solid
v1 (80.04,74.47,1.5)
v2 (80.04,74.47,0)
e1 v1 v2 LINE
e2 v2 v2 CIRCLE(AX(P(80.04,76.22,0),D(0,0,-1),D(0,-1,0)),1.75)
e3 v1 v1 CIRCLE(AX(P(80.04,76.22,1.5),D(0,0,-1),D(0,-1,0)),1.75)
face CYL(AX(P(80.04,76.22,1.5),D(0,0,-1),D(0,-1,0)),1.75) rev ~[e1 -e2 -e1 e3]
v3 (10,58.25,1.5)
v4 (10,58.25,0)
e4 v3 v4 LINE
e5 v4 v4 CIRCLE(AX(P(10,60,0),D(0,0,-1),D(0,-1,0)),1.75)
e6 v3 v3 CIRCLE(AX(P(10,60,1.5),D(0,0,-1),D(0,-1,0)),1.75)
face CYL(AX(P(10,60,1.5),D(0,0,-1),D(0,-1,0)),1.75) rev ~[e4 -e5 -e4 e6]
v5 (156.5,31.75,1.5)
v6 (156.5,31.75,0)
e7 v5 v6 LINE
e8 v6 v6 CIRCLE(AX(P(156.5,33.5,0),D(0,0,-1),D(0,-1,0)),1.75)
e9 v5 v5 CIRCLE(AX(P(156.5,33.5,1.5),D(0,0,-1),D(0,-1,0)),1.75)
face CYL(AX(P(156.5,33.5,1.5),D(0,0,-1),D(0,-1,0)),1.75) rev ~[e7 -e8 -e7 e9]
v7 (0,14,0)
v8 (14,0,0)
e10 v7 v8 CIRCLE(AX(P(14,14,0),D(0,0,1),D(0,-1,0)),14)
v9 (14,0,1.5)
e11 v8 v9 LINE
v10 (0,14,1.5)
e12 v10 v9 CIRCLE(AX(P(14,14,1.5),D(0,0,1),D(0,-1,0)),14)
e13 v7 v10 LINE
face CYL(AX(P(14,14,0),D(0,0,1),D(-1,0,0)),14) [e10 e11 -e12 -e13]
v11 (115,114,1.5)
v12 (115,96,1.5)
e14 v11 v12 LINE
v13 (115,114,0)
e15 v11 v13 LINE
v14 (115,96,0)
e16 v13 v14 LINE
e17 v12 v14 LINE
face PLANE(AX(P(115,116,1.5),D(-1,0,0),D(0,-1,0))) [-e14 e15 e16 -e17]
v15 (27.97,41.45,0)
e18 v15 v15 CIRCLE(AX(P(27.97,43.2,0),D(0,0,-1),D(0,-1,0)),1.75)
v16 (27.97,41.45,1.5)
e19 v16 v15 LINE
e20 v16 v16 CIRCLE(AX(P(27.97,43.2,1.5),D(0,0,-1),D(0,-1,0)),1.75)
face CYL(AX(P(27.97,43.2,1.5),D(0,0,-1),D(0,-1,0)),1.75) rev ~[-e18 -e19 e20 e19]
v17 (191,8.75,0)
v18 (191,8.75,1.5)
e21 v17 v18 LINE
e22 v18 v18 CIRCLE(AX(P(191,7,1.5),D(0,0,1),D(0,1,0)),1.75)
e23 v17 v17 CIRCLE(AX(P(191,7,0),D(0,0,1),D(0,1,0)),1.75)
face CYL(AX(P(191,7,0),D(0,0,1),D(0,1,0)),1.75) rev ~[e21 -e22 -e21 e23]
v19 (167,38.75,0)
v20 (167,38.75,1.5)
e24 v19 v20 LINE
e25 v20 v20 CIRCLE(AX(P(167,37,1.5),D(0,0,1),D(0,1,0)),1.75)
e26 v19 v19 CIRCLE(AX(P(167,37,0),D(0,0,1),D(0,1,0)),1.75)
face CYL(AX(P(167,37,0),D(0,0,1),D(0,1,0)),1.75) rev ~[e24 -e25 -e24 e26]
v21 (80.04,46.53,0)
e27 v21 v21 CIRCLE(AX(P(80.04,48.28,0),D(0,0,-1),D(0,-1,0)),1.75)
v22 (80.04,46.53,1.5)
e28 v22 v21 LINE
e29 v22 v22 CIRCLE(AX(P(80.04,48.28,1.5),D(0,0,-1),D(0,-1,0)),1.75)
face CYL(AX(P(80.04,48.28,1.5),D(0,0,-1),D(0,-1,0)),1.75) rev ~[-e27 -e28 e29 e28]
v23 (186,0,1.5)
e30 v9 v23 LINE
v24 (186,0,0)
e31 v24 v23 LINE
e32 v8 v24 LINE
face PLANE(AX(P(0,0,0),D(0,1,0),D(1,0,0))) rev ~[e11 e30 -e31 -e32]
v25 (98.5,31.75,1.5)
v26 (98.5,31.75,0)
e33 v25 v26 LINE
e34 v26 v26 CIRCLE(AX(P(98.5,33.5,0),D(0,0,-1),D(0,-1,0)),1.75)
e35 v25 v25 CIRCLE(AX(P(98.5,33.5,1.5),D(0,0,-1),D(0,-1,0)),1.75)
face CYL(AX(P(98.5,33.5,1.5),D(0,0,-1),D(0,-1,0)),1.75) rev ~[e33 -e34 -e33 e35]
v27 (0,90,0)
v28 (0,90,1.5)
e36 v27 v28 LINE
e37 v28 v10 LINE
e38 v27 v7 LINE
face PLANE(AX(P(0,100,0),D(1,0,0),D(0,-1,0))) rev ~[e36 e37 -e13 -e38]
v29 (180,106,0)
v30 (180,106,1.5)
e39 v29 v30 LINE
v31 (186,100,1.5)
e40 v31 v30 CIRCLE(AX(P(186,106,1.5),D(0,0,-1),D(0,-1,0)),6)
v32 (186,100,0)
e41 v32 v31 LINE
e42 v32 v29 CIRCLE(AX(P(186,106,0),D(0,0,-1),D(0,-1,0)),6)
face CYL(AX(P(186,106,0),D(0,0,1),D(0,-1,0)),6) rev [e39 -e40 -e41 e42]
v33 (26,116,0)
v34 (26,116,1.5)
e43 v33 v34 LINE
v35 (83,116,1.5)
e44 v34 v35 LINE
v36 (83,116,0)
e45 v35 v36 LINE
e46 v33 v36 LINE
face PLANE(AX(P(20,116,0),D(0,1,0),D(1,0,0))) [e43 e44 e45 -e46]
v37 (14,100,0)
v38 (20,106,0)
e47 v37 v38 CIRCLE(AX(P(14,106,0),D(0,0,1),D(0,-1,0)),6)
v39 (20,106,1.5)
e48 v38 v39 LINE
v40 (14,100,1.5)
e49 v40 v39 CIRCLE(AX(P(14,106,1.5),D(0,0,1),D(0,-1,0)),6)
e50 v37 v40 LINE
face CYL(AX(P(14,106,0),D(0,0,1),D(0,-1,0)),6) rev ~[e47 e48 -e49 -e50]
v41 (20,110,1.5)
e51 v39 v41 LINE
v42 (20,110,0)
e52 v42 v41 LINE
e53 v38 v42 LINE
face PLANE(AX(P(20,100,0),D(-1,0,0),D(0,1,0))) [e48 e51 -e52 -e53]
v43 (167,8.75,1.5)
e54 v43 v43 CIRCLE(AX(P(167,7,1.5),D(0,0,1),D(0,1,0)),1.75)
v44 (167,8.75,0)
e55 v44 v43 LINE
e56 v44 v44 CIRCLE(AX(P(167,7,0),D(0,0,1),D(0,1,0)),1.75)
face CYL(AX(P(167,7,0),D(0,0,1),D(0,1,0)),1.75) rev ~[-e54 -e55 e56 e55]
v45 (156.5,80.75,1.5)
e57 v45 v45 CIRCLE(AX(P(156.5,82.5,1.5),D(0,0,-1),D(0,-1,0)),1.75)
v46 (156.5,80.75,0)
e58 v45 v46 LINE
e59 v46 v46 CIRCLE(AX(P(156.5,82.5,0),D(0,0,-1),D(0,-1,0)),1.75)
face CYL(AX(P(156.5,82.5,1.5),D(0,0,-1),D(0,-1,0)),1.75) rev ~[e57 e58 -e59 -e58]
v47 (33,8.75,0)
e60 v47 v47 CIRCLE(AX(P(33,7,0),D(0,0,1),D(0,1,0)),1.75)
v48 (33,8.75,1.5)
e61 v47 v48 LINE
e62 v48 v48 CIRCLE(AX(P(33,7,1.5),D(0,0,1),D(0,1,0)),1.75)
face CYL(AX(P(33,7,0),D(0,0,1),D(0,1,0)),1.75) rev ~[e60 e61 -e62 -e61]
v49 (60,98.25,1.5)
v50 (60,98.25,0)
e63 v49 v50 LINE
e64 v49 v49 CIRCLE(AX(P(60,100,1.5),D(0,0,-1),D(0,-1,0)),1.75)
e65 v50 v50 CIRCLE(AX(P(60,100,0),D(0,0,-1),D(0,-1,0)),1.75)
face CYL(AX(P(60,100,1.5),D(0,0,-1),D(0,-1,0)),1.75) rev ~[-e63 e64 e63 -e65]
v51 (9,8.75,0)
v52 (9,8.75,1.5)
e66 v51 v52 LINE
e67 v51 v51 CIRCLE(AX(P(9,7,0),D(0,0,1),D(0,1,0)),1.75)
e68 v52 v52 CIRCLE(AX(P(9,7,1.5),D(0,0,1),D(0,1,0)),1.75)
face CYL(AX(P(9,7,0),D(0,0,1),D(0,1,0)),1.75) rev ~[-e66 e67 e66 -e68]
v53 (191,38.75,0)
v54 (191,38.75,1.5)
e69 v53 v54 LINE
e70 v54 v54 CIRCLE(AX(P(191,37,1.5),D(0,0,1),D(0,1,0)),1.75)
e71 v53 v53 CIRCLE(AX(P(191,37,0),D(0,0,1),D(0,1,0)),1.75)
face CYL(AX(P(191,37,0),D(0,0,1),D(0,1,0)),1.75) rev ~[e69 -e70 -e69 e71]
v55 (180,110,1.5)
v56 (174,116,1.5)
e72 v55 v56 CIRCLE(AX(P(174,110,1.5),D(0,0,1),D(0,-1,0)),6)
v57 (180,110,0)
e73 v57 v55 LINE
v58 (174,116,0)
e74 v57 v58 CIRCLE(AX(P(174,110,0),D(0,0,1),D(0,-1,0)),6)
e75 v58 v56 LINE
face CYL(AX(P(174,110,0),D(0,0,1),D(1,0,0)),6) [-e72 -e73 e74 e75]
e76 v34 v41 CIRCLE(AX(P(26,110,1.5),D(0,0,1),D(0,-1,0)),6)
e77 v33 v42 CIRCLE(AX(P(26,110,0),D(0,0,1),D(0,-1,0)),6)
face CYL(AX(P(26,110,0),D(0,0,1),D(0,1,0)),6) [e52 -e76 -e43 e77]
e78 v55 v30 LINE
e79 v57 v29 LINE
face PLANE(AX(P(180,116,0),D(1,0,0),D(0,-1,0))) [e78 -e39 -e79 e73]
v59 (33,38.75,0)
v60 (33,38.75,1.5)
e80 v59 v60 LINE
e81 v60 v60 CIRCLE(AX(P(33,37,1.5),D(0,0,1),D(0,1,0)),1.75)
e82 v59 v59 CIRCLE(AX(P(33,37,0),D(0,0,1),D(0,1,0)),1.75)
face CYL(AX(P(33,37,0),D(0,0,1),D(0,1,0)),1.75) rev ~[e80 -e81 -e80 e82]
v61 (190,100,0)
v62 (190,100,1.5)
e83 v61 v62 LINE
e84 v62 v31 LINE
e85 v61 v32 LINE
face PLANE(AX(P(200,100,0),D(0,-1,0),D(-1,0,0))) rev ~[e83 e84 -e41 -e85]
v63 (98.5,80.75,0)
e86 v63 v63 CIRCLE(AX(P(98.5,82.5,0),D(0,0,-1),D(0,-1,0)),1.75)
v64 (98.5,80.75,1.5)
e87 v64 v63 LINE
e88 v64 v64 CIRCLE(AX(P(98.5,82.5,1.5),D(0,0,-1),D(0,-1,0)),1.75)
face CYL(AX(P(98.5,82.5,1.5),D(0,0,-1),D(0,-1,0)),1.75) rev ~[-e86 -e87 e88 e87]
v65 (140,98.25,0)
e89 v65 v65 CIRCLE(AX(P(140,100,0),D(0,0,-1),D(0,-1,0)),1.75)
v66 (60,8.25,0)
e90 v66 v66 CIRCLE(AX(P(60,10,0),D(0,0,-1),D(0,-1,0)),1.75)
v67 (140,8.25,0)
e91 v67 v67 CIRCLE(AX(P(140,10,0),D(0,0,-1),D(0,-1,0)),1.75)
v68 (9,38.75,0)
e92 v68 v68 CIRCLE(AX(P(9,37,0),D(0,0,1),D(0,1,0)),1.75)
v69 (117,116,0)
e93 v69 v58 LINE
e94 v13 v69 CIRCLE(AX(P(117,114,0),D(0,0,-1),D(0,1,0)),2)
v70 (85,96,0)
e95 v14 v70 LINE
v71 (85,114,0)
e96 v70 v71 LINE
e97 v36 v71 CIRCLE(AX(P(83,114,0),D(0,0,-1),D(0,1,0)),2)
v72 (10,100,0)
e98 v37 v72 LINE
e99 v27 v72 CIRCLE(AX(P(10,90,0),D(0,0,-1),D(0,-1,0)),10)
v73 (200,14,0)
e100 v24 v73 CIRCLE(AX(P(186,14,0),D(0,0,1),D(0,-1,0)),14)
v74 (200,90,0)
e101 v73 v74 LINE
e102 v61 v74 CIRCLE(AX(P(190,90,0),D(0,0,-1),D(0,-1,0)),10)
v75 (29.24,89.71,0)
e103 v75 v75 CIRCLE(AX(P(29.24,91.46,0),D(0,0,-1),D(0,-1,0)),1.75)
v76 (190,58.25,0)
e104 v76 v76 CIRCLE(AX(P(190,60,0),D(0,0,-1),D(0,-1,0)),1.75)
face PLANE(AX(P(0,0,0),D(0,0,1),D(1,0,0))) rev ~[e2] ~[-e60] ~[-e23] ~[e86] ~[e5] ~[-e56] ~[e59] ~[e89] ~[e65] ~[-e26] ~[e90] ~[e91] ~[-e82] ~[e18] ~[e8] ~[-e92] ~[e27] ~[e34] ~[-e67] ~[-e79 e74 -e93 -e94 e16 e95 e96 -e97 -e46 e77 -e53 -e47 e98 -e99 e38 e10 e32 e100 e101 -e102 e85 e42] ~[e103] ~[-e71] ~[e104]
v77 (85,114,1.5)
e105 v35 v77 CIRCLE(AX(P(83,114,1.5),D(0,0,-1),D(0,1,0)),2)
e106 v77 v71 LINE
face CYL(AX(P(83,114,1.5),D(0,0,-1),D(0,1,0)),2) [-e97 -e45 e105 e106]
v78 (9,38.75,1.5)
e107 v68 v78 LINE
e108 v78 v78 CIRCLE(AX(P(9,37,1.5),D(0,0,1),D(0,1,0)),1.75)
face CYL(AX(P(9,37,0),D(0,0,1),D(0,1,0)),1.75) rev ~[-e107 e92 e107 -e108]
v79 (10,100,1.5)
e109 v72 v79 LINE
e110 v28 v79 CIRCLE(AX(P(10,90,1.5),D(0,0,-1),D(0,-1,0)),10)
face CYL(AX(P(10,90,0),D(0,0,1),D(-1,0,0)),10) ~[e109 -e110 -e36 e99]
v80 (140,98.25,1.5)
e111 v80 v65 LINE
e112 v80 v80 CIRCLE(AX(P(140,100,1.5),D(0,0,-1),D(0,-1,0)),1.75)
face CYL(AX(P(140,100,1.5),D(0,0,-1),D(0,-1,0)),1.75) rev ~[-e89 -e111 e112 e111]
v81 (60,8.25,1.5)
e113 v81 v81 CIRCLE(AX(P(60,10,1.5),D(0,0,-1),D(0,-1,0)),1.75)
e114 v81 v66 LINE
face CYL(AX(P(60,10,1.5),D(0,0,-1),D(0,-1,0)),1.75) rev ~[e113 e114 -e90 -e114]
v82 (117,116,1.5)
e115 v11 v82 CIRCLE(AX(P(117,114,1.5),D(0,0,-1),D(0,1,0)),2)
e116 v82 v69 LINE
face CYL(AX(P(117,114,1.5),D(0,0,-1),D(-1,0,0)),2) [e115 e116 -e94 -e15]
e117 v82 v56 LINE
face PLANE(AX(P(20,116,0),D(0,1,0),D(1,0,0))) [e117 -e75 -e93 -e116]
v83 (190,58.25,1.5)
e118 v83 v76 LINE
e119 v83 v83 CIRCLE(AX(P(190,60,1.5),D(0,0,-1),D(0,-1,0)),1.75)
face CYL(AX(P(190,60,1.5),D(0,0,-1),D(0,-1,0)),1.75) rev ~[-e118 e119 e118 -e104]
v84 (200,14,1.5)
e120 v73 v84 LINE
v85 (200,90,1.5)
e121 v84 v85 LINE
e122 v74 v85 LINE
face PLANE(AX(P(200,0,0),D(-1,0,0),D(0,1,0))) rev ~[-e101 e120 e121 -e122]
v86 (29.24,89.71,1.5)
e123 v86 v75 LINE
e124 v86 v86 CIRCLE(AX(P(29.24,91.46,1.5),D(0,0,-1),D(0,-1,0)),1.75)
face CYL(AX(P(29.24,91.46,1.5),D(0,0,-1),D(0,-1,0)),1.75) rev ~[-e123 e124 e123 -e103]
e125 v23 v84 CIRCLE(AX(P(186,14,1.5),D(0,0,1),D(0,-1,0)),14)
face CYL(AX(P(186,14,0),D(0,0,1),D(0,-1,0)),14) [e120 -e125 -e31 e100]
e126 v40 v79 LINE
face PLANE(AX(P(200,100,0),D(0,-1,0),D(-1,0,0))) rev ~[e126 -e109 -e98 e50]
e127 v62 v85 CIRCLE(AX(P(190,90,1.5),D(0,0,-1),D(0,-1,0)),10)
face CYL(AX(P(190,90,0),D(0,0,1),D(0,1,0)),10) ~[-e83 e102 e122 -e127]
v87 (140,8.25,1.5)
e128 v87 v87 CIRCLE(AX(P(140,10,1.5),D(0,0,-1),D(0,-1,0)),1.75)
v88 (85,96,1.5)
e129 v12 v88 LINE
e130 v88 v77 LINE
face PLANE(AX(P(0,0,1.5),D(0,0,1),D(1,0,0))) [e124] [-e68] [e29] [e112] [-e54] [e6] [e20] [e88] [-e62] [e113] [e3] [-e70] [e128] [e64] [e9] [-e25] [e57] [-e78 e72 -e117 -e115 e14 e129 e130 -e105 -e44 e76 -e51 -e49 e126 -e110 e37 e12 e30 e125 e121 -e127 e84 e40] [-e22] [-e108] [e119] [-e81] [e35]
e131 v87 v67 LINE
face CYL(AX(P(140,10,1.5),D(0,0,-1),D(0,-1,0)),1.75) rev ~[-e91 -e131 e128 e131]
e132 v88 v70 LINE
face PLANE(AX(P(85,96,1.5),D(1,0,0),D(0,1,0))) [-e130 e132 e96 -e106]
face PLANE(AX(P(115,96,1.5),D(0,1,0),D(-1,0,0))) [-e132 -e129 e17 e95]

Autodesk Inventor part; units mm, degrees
ref_plane "YZ Plane" through (0, 0, 0) normal (1, 0, 0) x (0, 1, 0)
ref_plane "XZ Plane" through (0, 0, 0) normal (0, 1, 0) x (-1, 0, 0)
ref_plane "XY Plane" through (0, 0, 0) normal (0, 0, 1) x (1, 0, 0)
sketch "スケッチ1" plane through (0, 0, 0) normal (0, 0, 1) x (1, 0, 0)
  line L0 (0, 0) -> (200, 0)
  line L1 (200, 0) -> (200, 100)
  line L2 (200, 100) -> (0, 100)
  line L3 (0, 100) -> (0, 0)
  dimension "d2" = 200
  dimension "d3" = 100
extrude "押し出し1" add sketch "スケッチ1" along normal blind 1.5
fillet "フィレット1" radius 10 2 edges at (0, 100, 0.75) (200, 100, 0.75)
fillet "フィレット2" radius 14 2 edges at (200, 0, 0.75) (0, 0, 0.75)
sketch "スケッチ2" plane through (0, 0, 0) normal (0, 0, -1) x (-1, 0, 0)
  line L0 (-190, 100) -> (-10, 100) projected
  line L1 (-180, 100) -> (-20, 100)
  line L2 (-20, 100) -> (-20, 116)
  line L3 (-20, 116) -> (-180, 116)
  line L4 (-180, 116) -> (-180, 100)
  line L5 (0, 90) -> (0, 14) projected
  line L6 (-200, 14) -> (-200, 90) projected
  point P0 (0, 0)
  dimension "d6" = 20
  dimension "d7" = 20
  dimension "d8" = 16
extrude "押し出し2" add sketch "スケッチ2" against normal blind 1.5
fillet "フィレット3" radius 6 4 edges at (20, 100, 0.75) (20, 116, 0.75) (180, 116, 0.75) (180, 100, 0.75)
sketch "スケッチ3" plane through (0, 0, 0) normal (0, 0, -1) x (-1, 0, 0)
  line L0 (-14, 0) -> (-186, 0) projected
  line L1 (-200, 14) -> (-200, 90) projected
  line L2 (0, 90) -> (0, 14) projected
  point P0 (0, 0)
  point P1 (-167, 7)
  point P2 (-167, 37)
  point P3 (-191, 37)
  point P4 (-191, 7)
  point P5 (-9, 7)
  point P6 (-33, 7)
  point P7 (-9, 37)
  point P8 (-33, 37)
  dimension "d12" = 7
  dimension "d13" = 7
  dimension "d14" = 9
  dimension "d15" = 9
  dimension "d16" = 30
  dimension "d17" = 24
  dimension "d18" = 24
  dimension "d19" = 30
  dimension "d27" = 7
  dimension "d28" = 9
  dimension "d31" = 24
  dimension "d34" = 30
hole "穴1" at (167, 7, 0) at (167, 37, 0) at (191, 37, 0) at (191, 7, 0) at (9, 7, 0) at (9, 37, 0) at (33, 37, 0) at (33, 7, 0) direction (0, 0, 1) diameter 3.5 end through all
sketch "スケッチ4" plane through (0, 0, 1.5) normal (0, 0, 1) x (1, 0, 0)
  line L0 (174, 116) -> (26, 116) projected
  line L1 (85, 116) -> (115, 116)
  line L2 (115, 116) -> (115, 96)
  line L3 (115, 96) -> (85, 96)
  line L4 (85, 96) -> (85, 116)
  line L5 (100, 116) -> (100, 0)
  line L6 (14, 0) -> (186, 0) projected
  point P0 (0, 0)
  dimension "d37" = 30
  dimension "d38" = 20
extrude "押し出し3" cut sketch "スケッチ4" against normal through all
fillet "フィレット4" radius 2 2 edges at (85, 116, 0.75) (115, 116, 0.75)
sketch "スケッチ5" plane through (0, 0, 1.5) normal (0, 0, 1) x (1, 0, 0)
  circle A0 centre (10, 60) radius 1.5 projected
  circle A1 centre (60, 100) radius 1.5 projected
  circle A2 centre (60, 10) radius 1.5 projected
  circle A3 centre (140, 10) radius 1.5 projected
  circle A4 centre (190, 60) radius 1.5 projected
  circle A5 centre (140, 100) radius 1.5 projected
  point P0 (0, 0)
hole "穴2" at (60, 10, 1.5) at (10, 60, 1.5) at (60, 100, 1.5) at (140, 100, 1.5) at (190, 60, 1.5) at (140, 10, 1.5) direction (0, 0, -1) diameter 3.5 end through all
sketch "スケッチ6" plane through (0, 0, 1.5) normal (0, 0, 1) x (1, 0, 0)
  line L0 (14, 40.66) -> (80.04, 40.66) projected
  line L1 (14, 94) -> (14, 40.66) projected
  line L2 (80.04, 94) -> (14, 94) projected
  line L3 (80.04, 81.046) -> (80.04, 94) projected
  line L4 (82.58, 78.506) -> (80.04, 81.046) projected
  line L5 (82.58, 45.74) -> (82.58, 78.506) projected
  line L6 (80.04, 43.2) -> (82.58, 45.74) projected
  line L7 (80.04, 40.66) -> (80.04, 43.2) projected
  circle A0 centre (47.02, 43.2) radius 0.4 projected
  circle A1 centre (49.56, 43.2) radius 0.4 projected
  circle A2 centre (52.1, 43.2) radius 0.4 projected
  circle A3 centre (54.64, 43.2) radius 0.4 projected
  circle A4 centre (57.18, 43.2) radius 0.4 projected
  circle A5 centre (59.72, 43.2) radius 0.4 projected
  circle A6 centre (64.8, 43.2) radius 0.4 projected
  circle A7 centre (67.34, 43.2) radius 0.4 projected
  circle A8 centre (69.88, 43.2) radius 0.4 projected
  circle A9 centre (72.42, 43.2) radius 0.4 projected
  circle A10 centre (74.96, 43.2) radius 0.4 projected
  circle A11 centre (77.5, 43.2) radius 0.4 projected
  circle A12 centre (37.876, 91.46) radius 0.4 projected
  circle A13 centre (40.416, 91.46) radius 0.4 projected
  circle A14 centre (42.956, 91.46) radius 0.4 projected
  circle A15 centre (45.496, 91.46) radius 0.4 projected
  circle A16 centre (48.036, 91.46) radius 0.4 projected
  circle A17 centre (50.576, 91.46) radius 0.4 projected
  circle A18 centre (53.116, 91.46) radius 0.4 projected
  circle A19 centre (55.656, 91.46) radius 0.4 projected
  circle A20 centre (64.8, 91.46) radius 0.4 projected
  circle A21 centre (67.34, 91.46) radius 0.4 projected
  circle A22 centre (69.88, 91.46) radius 0.4 projected
  circle A23 centre (72.42, 91.46) radius 0.4 projected
  circle A24 centre (74.96, 91.46) radius 0.4 projected
  circle A25 centre (77.5, 91.46) radius 0.4 projected
  circle A26 centre (76.865, 53.233) radius 0.4 projected
  circle A27 centre (76.865, 60.853) radius 0.4 projected
  circle A28 centre (74.325, 53.233) radius 0.4 projected
  circle A29 centre (74.325, 60.853) radius 0.4 projected
  circle A30 centre (71.785, 53.233) radius 0.4 projected
  circle A31 centre (71.785, 60.853) radius 0.4 projected
  circle A32 centre (69.245, 53.233) radius 0.4 projected
  circle A33 centre (69.245, 60.853) radius 0.4 projected
  circle A34 centre (66.705, 53.233) radius 0.4 projected
  circle A35 centre (66.705, 60.853) radius 0.4 projected
  circle A36 centre (64.165, 53.233) radius 0.4 projected
  circle A37 centre (64.165, 60.853) radius 0.4 projected
  circle A38 centre (61.625, 53.233) radius 0.4 projected
  circle A39 centre (61.625, 60.853) radius 0.4 projected
  circle A40 centre (59.085, 53.233) radius 0.4 projected
  circle A41 centre (59.085, 60.853) radius 0.4 projected
  circle A42 centre (56.545, 53.233) radius 0.4 projected
  circle A43 centre (56.545, 60.853) radius 0.4 projected
  circle A44 centre (54.005, 53.233) radius 0.4 projected
  circle A45 centre (54.005, 60.853) radius 0.4 projected
  circle A46 centre (51.465, 53.233) radius 0.4 projected
  circle A47 centre (51.465, 60.853) radius 0.4 projected
  circle A48 centre (48.925, 53.233) radius 0.4 projected
  circle A49 centre (48.925, 60.853) radius 0.4 projected
  circle A50 centre (46.385, 53.233) radius 0.4 projected
  circle A51 centre (46.385, 60.853) radius 0.4 projected
  circle A52 centre (43.845, 53.233) radius 0.4 projected
  circle A53 centre (43.845, 60.853) radius 0.4 projected
  circle A54 centre (30.383, 66.822) radius 0.5 projected
  circle A55 centre (35.463, 66.822) radius 0.5 projected
  circle A56 centre (32.288, 80.538) radius 0.4 projected
  circle A57 centre (34.828, 80.538) radius 0.4 projected
  circle A58 centre (34.828, 83.078) radius 0.4 projected
  circle A59 centre (32.288, 83.078) radius 0.4 projected
  circle A60 centre (29.748, 85.618) radius 0.4 projected
  circle A61 centre (32.288, 85.618) radius 0.4 projected
  circle A62 centre (34.828, 85.618) radius 0.4 projected
  circle A63 centre (34.828, 88.158) radius 0.4 projected
  circle A64 centre (32.288, 88.158) radius 0.4 projected
  circle A65 centre (29.748, 88.158) radius 0.4 projected
  circle A66 centre (77.64, 71.09) radius 0.4 projected
  circle A67 centre (77.64, 68.55) radius 0.4 projected
  circle A68 centre (77.64, 66.01) radius 0.4 projected
  circle A69 centre (80.18, 66.01) radius 0.4 projected
  circle A70 centre (80.18, 68.55) radius 0.4 projected
  circle A71 centre (80.18, 71.09) radius 0.4 projected
  circle A72 centre (62.26, 91.46) radius 0.4 projected
  circle A73 centre (35.336, 91.46) radius 0.4 projected
  circle A74 centre (59.72, 91.46) radius 0.4 projected
  circle A75 centre (44.48, 43.2) radius 0.4 projected
  circle A76 centre (32.796, 91.46) radius 0.4 projected
  circle A77 centre (41.94, 43.2) radius 0.4 projected
  circle A78 centre (29.24, 91.46) radius 1.5875 projected
  circle A79 centre (27.97, 43.2) radius 1.5875 projected
  circle A80 centre (80.04, 76.22) radius 1.5875 projected
  circle A81 centre (80.04, 48.28) radius 1.5875 projected
  point P0 (0, 0)
hole "穴3" at (29.24, 91.46, 1.5) at (27.97, 43.2, 1.5) at (80.04, 48.28, 1.5) at (80.04, 76.22, 1.5) direction (0, 0, -1) diameter 3.5 end through all
sketch "スケッチ7" plane through (0, 0, 1.5) normal (0, 0, 1) x (1, 0, 0)
  line L0 (177, 86) -> (98, 86) projected
  arc A0 (180, 83) -> (177, 86) centre (177, 83) ccw projected
  line L1 (180, 33) -> (180, 83) projected
  arc A1 (177, 30) -> (180, 33) centre (177, 33) ccw projected
  line L2 (98, 30) -> (177, 30) projected
  arc A2 (95, 33) -> (98, 30) centre (98, 33) ccw projected
  line L3 (95, 83) -> (95, 33) projected
  arc A3 (98, 86) -> (95, 83) centre (98, 83) ccw projected
  circle A4 centre (98.5, 33.5) radius 3 projected
  circle A5 centre (156.5, 33.5) radius 3 projected
  circle A6 centre (157.77, 75.09) radius 0.5 projected
  circle A7 centre (155.23, 75.09) radius 0.5 projected
  circle A8 centre (108.45, 83.77) radius 0.5 projected
  circle A9 centre (110.99, 83.77) radius 0.5 projected
  circle A10 centre (113.53, 83.77) radius 0.5 projected
  circle A11 centre (116.07, 83.77) radius 0.5 projected
  circle A12 centre (118.61, 83.77) radius 0.5 projected
  circle A13 centre (121.15, 83.77) radius 0.5 projected
  circle A14 centre (123.69, 83.77) radius 0.5 projected
  circle A15 centre (126.23, 83.77) radius 0.5 projected
  circle A16 centre (128.77, 83.77) radius 0.5 projected
  circle A17 centre (131.31, 83.77) radius 0.5 projected
  circle A18 centre (133.85, 83.77) radius 0.5 projected
  circle A19 centre (136.39, 83.77) radius 0.5 projected
  circle A20 centre (138.93, 83.77) radius 0.5 projected
  circle A21 centre (141.47, 83.77) radius 0.5 projected
  circle A22 centre (144.01, 83.77) radius 0.5 projected
  circle A23 centre (146.55, 83.77) radius 0.5 projected
  circle A24 centre (149.09, 83.77) radius 0.5 projected
  circle A25 centre (151.63, 83.77) radius 0.5 projected
  circle A26 centre (103.37, 81.23) radius 0.5 projected
  circle A27 centre (105.91, 81.23) radius 0.5 projected
  circle A28 centre (108.45, 81.23) radius 0.5 projected
  circle A29 centre (110.99, 81.23) radius 0.5 projected
  circle A30 centre (113.53, 81.23) radius 0.5 projected
  circle A31 centre (116.07, 81.23) radius 0.5 projected
  circle A32 centre (118.61, 81.23) radius 0.5 projected
  circle A33 centre (121.15, 81.23) radius 0.5 projected
  circle A34 centre (123.69, 81.23) radius 0.5 projected
  circle A35 centre (126.23, 81.23) radius 0.5 projected
  circle A36 centre (128.77, 81.23) radius 0.5 projected
  circle A37 centre (131.31, 81.23) radius 0.5 projected
  circle A38 centre (133.85, 81.23) radius 0.5 projected
  circle A39 centre (136.39, 81.23) radius 0.5 projected
  circle A40 centre (138.93, 81.23) radius 0.5 projected
  circle A41 centre (141.47, 81.23) radius 0.5 projected
  circle A42 centre (144.01, 81.23) radius 0.5 projected
  circle A43 centre (146.55, 81.23) radius 0.5 projected
  circle A44 centre (149.09, 81.23) radius 0.5 projected
  circle A45 centre (151.63, 81.23) radius 0.5 projected
  circle A46 centre (109.5, 50.5) radius 0.5 projected
  circle A47 centre (104.5, 50.5) radius 0.5 projected
  circle A48 centre (107, 50.5) radius 0.5 projected
  circle A49 centre (105.91, 83.77) radius 0.5 projected
  circle A50 centre (103.37, 83.77) radius 0.5 projected
  circle A51 centre (155.23, 77.63) radius 0.5 projected
  circle A52 centre (157.77, 77.63) radius 0.5 projected
  circle A53 centre (156.5, 82.5) radius 3 projected
  circle A54 centre (98.5, 82.5) radius 3 projected
  point P0 (0, 0)
hole "穴4" at (156.5, 33.5, 1.5) at (98.5, 33.5, 1.5) at (98.5, 82.5, 1.5) at (156.5, 82.5, 1.5) direction (0, 0, -1) diameter 3.5 end through all
properties part number "upper_frame" material "アルミニウム 6061"
